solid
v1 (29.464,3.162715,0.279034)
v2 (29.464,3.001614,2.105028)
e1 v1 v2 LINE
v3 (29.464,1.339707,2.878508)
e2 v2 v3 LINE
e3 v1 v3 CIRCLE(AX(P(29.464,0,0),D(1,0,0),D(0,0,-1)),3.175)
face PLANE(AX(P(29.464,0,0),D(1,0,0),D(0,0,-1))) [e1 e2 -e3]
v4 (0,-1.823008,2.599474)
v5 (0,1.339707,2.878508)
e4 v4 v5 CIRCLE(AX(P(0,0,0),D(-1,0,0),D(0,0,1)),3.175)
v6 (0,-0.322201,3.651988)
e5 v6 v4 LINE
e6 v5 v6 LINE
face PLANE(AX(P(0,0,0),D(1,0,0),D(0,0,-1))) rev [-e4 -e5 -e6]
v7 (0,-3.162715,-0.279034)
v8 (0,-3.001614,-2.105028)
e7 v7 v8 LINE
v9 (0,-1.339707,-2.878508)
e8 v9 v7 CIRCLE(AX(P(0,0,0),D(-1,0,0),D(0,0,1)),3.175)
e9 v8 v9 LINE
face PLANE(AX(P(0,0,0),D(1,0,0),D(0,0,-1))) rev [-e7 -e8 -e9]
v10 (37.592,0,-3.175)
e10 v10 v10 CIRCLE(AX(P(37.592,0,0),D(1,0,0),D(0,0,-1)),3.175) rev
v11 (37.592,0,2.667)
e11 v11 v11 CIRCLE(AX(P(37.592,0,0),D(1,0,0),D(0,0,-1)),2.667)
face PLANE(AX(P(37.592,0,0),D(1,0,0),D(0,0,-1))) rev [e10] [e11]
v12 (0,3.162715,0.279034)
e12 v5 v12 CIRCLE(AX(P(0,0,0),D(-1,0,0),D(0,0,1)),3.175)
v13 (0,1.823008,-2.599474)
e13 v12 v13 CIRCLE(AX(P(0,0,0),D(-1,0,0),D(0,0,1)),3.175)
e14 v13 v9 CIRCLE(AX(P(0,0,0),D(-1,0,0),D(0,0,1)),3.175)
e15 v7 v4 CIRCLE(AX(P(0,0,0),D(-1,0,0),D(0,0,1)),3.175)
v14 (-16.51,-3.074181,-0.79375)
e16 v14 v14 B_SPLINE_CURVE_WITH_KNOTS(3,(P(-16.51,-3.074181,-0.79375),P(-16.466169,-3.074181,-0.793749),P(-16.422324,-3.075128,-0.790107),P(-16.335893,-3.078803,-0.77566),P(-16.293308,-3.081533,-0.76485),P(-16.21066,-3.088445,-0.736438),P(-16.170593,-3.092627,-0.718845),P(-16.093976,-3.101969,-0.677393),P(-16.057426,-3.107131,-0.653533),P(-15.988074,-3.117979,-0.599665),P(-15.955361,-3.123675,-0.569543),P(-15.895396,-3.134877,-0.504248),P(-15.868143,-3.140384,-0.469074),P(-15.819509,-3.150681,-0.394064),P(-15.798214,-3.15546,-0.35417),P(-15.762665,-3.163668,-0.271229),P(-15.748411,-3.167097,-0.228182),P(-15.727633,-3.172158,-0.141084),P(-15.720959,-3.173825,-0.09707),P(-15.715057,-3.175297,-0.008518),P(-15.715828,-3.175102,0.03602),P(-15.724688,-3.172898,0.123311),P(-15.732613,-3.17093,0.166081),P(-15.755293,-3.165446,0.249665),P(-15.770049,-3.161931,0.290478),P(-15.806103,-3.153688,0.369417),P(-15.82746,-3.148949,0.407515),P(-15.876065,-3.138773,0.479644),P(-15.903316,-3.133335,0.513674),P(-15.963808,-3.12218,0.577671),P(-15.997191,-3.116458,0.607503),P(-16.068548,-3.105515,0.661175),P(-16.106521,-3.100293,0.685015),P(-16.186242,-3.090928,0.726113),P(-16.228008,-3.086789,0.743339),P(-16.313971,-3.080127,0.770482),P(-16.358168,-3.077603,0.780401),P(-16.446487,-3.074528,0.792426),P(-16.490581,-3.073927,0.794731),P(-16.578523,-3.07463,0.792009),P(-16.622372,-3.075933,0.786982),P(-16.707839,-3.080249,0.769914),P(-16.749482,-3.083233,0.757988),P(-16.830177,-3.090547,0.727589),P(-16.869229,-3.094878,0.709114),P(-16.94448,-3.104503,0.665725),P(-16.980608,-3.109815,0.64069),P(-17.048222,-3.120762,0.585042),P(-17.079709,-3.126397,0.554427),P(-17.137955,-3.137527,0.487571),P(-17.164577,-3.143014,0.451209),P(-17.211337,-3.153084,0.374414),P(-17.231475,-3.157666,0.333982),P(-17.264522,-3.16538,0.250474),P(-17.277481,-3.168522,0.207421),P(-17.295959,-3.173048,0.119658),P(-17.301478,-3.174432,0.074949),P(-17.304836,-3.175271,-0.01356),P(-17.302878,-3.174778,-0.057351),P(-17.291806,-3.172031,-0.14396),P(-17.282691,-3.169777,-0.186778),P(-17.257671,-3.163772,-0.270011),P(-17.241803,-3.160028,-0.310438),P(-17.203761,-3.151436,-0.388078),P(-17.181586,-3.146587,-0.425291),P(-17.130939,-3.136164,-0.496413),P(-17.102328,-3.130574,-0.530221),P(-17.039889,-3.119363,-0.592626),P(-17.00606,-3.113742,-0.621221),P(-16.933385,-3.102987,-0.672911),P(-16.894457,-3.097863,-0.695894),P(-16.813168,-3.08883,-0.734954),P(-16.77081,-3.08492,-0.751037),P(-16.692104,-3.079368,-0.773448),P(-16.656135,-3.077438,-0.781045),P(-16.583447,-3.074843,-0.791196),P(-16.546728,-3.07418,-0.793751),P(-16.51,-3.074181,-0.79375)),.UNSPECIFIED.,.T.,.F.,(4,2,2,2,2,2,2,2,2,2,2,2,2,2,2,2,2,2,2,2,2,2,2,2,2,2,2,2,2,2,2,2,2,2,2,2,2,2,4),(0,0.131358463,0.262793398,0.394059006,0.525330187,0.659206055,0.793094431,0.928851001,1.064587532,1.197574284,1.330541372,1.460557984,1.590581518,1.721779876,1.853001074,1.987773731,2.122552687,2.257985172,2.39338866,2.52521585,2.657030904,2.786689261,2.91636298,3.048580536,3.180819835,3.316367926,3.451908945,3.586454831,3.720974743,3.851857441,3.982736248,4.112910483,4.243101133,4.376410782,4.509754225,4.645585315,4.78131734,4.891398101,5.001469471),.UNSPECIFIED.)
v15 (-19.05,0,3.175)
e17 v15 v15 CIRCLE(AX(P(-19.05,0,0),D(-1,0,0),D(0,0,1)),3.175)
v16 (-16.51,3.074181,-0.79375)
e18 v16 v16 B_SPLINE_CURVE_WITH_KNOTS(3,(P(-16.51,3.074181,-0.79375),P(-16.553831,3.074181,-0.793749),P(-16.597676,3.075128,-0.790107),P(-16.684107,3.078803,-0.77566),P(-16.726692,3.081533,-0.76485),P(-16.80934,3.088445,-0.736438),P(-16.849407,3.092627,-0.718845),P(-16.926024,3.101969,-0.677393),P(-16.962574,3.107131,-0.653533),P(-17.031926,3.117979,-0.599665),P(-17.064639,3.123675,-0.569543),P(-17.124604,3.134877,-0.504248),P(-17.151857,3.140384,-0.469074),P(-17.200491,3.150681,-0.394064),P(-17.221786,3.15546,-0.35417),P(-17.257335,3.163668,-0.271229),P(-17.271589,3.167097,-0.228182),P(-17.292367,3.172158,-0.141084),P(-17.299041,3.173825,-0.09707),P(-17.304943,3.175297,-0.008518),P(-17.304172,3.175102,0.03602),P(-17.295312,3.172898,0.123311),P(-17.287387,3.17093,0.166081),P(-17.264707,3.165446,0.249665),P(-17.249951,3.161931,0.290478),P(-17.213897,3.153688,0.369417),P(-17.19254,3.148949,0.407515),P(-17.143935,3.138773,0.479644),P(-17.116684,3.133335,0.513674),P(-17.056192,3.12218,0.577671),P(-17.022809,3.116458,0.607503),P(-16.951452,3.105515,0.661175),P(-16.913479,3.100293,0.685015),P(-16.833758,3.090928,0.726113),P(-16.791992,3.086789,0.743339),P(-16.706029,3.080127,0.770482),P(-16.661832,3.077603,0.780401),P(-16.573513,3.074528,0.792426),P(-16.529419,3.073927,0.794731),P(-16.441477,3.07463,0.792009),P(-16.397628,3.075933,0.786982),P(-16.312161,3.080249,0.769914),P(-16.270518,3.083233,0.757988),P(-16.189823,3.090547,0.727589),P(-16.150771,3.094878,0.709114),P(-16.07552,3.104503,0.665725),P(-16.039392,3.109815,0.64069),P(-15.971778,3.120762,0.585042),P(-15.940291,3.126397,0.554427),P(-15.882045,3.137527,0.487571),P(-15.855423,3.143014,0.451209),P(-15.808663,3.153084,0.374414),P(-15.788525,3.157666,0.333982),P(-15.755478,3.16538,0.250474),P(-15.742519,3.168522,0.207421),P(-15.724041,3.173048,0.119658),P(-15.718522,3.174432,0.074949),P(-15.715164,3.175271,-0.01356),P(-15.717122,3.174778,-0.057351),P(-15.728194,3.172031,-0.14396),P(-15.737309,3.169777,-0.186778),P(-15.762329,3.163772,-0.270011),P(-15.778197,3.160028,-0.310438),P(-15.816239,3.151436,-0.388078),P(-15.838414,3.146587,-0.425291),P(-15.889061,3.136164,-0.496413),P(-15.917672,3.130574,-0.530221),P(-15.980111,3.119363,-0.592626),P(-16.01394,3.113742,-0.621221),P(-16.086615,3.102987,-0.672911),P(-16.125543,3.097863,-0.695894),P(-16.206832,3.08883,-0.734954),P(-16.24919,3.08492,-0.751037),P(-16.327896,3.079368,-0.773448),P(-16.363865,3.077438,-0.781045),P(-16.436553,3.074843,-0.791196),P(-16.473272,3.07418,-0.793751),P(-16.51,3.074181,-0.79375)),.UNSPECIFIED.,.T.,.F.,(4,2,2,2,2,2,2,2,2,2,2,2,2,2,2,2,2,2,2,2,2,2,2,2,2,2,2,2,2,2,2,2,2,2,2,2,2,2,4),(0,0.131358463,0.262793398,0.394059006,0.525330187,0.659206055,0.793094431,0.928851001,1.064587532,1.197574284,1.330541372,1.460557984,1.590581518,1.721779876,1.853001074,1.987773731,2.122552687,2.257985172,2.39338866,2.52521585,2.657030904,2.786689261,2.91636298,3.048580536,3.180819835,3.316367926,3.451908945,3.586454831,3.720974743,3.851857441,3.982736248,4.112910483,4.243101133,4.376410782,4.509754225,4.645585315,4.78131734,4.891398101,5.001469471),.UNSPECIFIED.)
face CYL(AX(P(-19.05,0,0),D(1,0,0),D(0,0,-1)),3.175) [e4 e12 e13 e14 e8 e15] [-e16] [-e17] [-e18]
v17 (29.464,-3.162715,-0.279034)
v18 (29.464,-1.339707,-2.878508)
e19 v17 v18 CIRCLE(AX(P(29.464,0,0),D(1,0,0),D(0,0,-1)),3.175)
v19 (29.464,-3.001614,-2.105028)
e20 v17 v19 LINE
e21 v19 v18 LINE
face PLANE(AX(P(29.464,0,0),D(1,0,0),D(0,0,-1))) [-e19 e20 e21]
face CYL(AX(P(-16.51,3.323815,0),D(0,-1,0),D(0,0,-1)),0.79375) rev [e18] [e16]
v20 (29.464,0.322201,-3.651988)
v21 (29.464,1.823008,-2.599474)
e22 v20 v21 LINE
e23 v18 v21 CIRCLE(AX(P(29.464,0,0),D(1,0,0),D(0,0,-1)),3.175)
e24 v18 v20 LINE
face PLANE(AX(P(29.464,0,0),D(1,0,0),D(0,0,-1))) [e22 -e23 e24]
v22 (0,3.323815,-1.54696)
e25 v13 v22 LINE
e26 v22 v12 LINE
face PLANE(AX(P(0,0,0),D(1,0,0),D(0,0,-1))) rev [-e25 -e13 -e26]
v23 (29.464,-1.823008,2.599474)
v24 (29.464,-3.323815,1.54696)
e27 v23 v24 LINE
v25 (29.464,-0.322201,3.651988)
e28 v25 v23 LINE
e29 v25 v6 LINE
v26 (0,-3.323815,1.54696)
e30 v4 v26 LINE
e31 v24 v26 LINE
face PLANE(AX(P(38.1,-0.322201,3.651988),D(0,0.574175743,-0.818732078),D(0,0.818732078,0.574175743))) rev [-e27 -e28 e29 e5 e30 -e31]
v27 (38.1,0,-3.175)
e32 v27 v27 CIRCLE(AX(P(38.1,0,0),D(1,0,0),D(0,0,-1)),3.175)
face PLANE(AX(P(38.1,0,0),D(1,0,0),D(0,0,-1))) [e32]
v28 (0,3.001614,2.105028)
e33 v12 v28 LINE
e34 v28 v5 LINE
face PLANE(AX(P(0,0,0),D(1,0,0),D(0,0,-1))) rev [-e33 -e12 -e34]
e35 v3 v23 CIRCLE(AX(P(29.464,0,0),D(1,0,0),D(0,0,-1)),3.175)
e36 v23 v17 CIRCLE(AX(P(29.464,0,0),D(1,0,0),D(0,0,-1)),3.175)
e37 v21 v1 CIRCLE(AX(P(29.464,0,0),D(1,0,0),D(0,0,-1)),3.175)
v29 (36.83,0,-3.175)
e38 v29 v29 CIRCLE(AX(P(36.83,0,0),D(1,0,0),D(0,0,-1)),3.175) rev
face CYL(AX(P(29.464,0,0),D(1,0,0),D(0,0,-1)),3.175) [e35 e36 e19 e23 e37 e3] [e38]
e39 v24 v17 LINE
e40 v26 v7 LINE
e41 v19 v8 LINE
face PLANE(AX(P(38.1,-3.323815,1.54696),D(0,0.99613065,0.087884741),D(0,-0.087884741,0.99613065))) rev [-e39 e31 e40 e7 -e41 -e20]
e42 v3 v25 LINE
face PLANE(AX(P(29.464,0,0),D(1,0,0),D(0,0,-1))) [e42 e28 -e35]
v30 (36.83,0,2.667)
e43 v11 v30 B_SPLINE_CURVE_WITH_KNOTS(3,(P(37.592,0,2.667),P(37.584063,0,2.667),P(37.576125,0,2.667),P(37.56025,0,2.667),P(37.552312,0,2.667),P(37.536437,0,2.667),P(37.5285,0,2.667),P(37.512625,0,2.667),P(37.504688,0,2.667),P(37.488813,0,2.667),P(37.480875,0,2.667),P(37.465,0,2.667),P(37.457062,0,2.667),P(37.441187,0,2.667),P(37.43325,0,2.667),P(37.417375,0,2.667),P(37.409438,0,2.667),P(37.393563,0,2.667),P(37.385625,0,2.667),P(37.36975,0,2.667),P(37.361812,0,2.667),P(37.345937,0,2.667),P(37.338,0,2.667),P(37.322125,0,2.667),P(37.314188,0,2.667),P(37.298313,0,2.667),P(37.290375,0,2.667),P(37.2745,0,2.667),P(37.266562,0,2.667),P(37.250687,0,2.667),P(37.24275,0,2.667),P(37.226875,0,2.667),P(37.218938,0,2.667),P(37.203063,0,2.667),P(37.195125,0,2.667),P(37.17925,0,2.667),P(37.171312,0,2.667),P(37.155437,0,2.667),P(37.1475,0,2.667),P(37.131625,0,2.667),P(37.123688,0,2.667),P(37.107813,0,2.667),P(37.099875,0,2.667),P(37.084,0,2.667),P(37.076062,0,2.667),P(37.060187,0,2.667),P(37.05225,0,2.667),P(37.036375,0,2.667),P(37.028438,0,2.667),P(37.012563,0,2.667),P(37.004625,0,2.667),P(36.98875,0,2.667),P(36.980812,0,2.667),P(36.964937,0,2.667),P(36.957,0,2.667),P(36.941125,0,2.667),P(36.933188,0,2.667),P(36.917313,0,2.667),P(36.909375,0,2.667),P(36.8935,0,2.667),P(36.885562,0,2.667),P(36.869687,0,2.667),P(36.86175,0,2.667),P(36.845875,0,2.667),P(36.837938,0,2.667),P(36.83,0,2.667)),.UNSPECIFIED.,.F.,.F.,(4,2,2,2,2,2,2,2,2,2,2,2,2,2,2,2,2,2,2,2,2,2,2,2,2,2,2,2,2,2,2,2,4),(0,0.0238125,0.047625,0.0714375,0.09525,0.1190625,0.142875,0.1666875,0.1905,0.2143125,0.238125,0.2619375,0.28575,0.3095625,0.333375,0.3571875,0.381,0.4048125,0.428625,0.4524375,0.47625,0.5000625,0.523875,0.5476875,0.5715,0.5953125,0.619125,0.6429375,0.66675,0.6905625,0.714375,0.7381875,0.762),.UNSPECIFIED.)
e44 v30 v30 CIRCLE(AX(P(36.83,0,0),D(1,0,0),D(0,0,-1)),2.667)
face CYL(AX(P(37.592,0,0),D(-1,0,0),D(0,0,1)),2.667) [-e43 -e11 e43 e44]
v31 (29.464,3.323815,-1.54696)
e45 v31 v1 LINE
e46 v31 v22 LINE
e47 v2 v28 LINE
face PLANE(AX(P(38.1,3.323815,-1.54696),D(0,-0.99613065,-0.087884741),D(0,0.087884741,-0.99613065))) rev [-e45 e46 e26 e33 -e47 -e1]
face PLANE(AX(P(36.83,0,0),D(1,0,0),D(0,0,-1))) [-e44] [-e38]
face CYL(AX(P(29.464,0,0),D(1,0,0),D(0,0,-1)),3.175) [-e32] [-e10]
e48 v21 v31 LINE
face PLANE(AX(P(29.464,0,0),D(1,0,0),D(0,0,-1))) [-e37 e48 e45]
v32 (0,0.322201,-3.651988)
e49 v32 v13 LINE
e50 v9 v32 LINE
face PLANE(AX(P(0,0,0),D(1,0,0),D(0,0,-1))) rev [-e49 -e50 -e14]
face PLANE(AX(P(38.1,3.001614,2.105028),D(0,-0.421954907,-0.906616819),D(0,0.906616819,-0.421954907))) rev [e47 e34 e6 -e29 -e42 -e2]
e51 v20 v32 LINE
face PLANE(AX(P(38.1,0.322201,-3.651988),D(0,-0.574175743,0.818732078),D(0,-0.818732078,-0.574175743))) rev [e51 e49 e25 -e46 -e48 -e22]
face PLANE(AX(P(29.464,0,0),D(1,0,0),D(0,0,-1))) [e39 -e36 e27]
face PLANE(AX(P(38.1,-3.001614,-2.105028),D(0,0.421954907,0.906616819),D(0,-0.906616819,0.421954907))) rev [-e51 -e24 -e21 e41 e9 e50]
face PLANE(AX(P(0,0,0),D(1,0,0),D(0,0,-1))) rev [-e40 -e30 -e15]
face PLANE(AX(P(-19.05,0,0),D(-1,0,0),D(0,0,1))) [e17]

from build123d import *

# Parameters (mm, degrees)
BOSS_EXTRUDE1_DEPTH     = 38.1
SKETCH3_R               = 3.175
BOSS_EXTRUDE3_DEPTH     = 19.05
CUT_EXTRUDE1_DEPTH      = 39.418677326
CUT_EXTRUDE1_DEPTH_BACK = 39.418677326
SKETCH4_R               = 0.79375
CUT_EXTRUDE4_DEPTH      = 8.636
SKETCH6_OUTSIDE_W       = 20.904
SKETCH6_OUTSIDE_H       = 20.248
SKETCH6_OUTSIDE_R       = 2.667
CUT_EXTRUDE5_DEPTH      = 0.762


with BuildPart() as part:
    # Sketch1 → Boss-Extrude1 (new body)
    with BuildSketch(Plane(origin=(0, 0, 0), x_dir=(0, 0, -1), z_dir=(1, 0, 0))):
        Polygon((2.105028301, -3.00161443), (3.651988499, 0.32220077), (1.546960198, 3.323815199), (-2.105028301, 3.00161443), (-3.651988499, -0.32220077), (-1.546960198, -3.323815199), align=None)
    extrude(amount=BOSS_EXTRUDE1_DEPTH)

    # Sketch3 → Boss-Extrude3 (add)
    with BuildSketch(Plane.ZY):
        with Locations(Location((0, 0, 0), (0, 0, 204.958070598))):
            Circle(SKETCH3_R)
    extrude(amount=BOSS_EXTRUDE3_DEPTH)

    # Sketch4 → Cut-Extrude1 (cut, two sides: drawn at the far end of the back side and taken through both)
    with BuildSketch(Plane(origin=(0, 0, 0), x_dir=(1, 0, 0), z_dir=(0, 1, 0)).offset(-CUT_EXTRUDE1_DEPTH_BACK)):
        with Locations(Location((-16.51, 0, 0), (0, 0, 90))):
            Circle(SKETCH4_R)
    extrude(amount=CUT_EXTRUDE1_DEPTH + CUT_EXTRUDE1_DEPTH_BACK, mode=Mode.SUBTRACT)

    # Sketch5 → Cut-Extrude4 (cut)
    with BuildSketch(Plane(origin=(38.1, 0, 0), x_dir=(0, 0, -1), z_dir=(1, 0, 0))):
        with BuildLine():
            Line((-2.878508392, 1.339706848), (-2.105028301, 3.00161443))
            ThreePointArc((-2.105028301, 3.00161443), (-3.323815199, 1.546960198), (-3.651988499, -0.32220077))
            Line((-3.651988499, -0.32220077), (-2.878508392, 1.339706848))
        make_face()
        with BuildLine():
            Line((-2.878508392, 1.339706848), (-3.651988499, -0.32220077))
            Line((-3.651988499, -0.32220077), (-2.599474334, -1.823008005))
            ThreePointArc((-2.599474334, -1.823008005), (-3.162714814, -0.279034054), (-2.878508392, 1.339706848))
        make_face()
        with BuildLine():
            ThreePointArc((-3.651988499, -0.32220077), (-3.00161443, -2.105028301), (-1.546960198, -3.323815199))
            Line((-1.546960198, -3.323815199), (-2.599474334, -1.823008005))
            Line((-2.599474334, -1.823008005), (-3.651988499, -0.32220077))
        make_face()
        with BuildLine():
            Line((-2.599474334, -1.823008005), (-1.546960198, -3.323815199))
            Line((-1.546960198, -3.323815199), (0.279034067, -3.162714813))
            ThreePointArc((0.279034067, -3.162714813), (-1.339706811, -2.878508409), (-2.599474334, -1.823008005))
        make_face()
        with BuildLine():
            ThreePointArc((-1.546960198, -3.323815199), (0.32220077, -3.651988499), (2.105028301, -3.00161443))
            Line((2.105028301, -3.00161443), (0.279034067, -3.162714813))
            Line((0.279034067, -3.162714813), (-1.546960198, -3.323815199))
        make_face()
        with BuildLine():
            Line((0.279034067, -3.162714813), (2.105028301, -3.00161443))
            Line((2.105028301, -3.00161443), (2.878508392, -1.339706848))
            ThreePointArc((2.878508392, -1.339706848), (1.823007983, -2.59947435), (0.279034067, -3.162714813))
        make_face()
        with BuildLine():
            ThreePointArc((2.105028301, -3.00161443), (3.252555442, -1.69166085), (3.666174209, 0))
            ThreePointArc((3.666174209, 0), (3.662626065, 0.16125645), (3.651988499, 0.32220077))
            Line((3.651988499, 0.32220077), (2.878508392, -1.339706848))
            Line((2.878508392, -1.339706848), (2.105028301, -3.00161443))
        make_face()
        with BuildLine():
            Line((2.878508392, -1.339706848), (3.651988499, 0.32220077))
            Line((3.651988499, 0.32220077), (2.599474407, 1.823007901))
            ThreePointArc((2.599474407, 1.823007901), (3.027701789, 0.955848774), (3.175, 0))
            ThreePointArc((3.175, 0), (3.09999106, -0.686061534), (2.878508392, -1.339706848))
        make_face()
        with BuildLine():
            Line((2.599474407, 1.823007901), (3.651988499, 0.32220077))
            ThreePointArc((3.651988499, 0.32220077), (3.00161443, 2.105028301), (1.546960198, 3.323815199))
            Line((1.546960198, 3.323815199), (2.599474407, 1.823007901))
        make_face()
        with BuildLine():
            Line((2.599474407, 1.823007901), (1.546960198, 3.323815199))
            Line((1.546960198, 3.323815199), (-0.279034067, 3.162714813))
            ThreePointArc((-0.279034067, 3.162714813), (1.339706869, 2.878508382), (2.599474407, 1.823007901))
        make_face()
        with BuildLine():
            Line((-0.279034067, 3.162714813), (1.546960198, 3.323815199))
            ThreePointArc((1.546960198, 3.323815199), (-0.32220077, 3.651988499), (-2.105028301, 3.00161443))
            Line((-2.105028301, 3.00161443), (-0.279034067, 3.162714813))
        make_face()
        with BuildLine():
            Line((-0.279034067, 3.162714813), (-2.105028301, 3.00161443))
            Line((-2.105028301, 3.00161443), (-2.878508392, 1.339706848))
            ThreePointArc((-2.878508392, 1.339706848), (-1.823007983, 2.59947435), (-0.279034067, 3.162714813))
        make_face()
    extrude(amount=-CUT_EXTRUDE4_DEPTH, mode=Mode.SUBTRACT)

    # Sketch6 outside → Cut-Extrude5 (cut)
    with BuildSketch(Plane(origin=(36.83, 0, 0), x_dir=(0, 0, -1), z_dir=(1, 0, 0))):
        Rectangle(SKETCH6_OUTSIDE_W, SKETCH6_OUTSIDE_H)
        with Locations(Location((0, 0, 0), (0, 0, 180))):
            Circle(SKETCH6_OUTSIDE_R, mode=Mode.SUBTRACT)
    extrude(amount=CUT_EXTRUDE5_DEPTH, mode=Mode.SUBTRACT)


solid = part.part
